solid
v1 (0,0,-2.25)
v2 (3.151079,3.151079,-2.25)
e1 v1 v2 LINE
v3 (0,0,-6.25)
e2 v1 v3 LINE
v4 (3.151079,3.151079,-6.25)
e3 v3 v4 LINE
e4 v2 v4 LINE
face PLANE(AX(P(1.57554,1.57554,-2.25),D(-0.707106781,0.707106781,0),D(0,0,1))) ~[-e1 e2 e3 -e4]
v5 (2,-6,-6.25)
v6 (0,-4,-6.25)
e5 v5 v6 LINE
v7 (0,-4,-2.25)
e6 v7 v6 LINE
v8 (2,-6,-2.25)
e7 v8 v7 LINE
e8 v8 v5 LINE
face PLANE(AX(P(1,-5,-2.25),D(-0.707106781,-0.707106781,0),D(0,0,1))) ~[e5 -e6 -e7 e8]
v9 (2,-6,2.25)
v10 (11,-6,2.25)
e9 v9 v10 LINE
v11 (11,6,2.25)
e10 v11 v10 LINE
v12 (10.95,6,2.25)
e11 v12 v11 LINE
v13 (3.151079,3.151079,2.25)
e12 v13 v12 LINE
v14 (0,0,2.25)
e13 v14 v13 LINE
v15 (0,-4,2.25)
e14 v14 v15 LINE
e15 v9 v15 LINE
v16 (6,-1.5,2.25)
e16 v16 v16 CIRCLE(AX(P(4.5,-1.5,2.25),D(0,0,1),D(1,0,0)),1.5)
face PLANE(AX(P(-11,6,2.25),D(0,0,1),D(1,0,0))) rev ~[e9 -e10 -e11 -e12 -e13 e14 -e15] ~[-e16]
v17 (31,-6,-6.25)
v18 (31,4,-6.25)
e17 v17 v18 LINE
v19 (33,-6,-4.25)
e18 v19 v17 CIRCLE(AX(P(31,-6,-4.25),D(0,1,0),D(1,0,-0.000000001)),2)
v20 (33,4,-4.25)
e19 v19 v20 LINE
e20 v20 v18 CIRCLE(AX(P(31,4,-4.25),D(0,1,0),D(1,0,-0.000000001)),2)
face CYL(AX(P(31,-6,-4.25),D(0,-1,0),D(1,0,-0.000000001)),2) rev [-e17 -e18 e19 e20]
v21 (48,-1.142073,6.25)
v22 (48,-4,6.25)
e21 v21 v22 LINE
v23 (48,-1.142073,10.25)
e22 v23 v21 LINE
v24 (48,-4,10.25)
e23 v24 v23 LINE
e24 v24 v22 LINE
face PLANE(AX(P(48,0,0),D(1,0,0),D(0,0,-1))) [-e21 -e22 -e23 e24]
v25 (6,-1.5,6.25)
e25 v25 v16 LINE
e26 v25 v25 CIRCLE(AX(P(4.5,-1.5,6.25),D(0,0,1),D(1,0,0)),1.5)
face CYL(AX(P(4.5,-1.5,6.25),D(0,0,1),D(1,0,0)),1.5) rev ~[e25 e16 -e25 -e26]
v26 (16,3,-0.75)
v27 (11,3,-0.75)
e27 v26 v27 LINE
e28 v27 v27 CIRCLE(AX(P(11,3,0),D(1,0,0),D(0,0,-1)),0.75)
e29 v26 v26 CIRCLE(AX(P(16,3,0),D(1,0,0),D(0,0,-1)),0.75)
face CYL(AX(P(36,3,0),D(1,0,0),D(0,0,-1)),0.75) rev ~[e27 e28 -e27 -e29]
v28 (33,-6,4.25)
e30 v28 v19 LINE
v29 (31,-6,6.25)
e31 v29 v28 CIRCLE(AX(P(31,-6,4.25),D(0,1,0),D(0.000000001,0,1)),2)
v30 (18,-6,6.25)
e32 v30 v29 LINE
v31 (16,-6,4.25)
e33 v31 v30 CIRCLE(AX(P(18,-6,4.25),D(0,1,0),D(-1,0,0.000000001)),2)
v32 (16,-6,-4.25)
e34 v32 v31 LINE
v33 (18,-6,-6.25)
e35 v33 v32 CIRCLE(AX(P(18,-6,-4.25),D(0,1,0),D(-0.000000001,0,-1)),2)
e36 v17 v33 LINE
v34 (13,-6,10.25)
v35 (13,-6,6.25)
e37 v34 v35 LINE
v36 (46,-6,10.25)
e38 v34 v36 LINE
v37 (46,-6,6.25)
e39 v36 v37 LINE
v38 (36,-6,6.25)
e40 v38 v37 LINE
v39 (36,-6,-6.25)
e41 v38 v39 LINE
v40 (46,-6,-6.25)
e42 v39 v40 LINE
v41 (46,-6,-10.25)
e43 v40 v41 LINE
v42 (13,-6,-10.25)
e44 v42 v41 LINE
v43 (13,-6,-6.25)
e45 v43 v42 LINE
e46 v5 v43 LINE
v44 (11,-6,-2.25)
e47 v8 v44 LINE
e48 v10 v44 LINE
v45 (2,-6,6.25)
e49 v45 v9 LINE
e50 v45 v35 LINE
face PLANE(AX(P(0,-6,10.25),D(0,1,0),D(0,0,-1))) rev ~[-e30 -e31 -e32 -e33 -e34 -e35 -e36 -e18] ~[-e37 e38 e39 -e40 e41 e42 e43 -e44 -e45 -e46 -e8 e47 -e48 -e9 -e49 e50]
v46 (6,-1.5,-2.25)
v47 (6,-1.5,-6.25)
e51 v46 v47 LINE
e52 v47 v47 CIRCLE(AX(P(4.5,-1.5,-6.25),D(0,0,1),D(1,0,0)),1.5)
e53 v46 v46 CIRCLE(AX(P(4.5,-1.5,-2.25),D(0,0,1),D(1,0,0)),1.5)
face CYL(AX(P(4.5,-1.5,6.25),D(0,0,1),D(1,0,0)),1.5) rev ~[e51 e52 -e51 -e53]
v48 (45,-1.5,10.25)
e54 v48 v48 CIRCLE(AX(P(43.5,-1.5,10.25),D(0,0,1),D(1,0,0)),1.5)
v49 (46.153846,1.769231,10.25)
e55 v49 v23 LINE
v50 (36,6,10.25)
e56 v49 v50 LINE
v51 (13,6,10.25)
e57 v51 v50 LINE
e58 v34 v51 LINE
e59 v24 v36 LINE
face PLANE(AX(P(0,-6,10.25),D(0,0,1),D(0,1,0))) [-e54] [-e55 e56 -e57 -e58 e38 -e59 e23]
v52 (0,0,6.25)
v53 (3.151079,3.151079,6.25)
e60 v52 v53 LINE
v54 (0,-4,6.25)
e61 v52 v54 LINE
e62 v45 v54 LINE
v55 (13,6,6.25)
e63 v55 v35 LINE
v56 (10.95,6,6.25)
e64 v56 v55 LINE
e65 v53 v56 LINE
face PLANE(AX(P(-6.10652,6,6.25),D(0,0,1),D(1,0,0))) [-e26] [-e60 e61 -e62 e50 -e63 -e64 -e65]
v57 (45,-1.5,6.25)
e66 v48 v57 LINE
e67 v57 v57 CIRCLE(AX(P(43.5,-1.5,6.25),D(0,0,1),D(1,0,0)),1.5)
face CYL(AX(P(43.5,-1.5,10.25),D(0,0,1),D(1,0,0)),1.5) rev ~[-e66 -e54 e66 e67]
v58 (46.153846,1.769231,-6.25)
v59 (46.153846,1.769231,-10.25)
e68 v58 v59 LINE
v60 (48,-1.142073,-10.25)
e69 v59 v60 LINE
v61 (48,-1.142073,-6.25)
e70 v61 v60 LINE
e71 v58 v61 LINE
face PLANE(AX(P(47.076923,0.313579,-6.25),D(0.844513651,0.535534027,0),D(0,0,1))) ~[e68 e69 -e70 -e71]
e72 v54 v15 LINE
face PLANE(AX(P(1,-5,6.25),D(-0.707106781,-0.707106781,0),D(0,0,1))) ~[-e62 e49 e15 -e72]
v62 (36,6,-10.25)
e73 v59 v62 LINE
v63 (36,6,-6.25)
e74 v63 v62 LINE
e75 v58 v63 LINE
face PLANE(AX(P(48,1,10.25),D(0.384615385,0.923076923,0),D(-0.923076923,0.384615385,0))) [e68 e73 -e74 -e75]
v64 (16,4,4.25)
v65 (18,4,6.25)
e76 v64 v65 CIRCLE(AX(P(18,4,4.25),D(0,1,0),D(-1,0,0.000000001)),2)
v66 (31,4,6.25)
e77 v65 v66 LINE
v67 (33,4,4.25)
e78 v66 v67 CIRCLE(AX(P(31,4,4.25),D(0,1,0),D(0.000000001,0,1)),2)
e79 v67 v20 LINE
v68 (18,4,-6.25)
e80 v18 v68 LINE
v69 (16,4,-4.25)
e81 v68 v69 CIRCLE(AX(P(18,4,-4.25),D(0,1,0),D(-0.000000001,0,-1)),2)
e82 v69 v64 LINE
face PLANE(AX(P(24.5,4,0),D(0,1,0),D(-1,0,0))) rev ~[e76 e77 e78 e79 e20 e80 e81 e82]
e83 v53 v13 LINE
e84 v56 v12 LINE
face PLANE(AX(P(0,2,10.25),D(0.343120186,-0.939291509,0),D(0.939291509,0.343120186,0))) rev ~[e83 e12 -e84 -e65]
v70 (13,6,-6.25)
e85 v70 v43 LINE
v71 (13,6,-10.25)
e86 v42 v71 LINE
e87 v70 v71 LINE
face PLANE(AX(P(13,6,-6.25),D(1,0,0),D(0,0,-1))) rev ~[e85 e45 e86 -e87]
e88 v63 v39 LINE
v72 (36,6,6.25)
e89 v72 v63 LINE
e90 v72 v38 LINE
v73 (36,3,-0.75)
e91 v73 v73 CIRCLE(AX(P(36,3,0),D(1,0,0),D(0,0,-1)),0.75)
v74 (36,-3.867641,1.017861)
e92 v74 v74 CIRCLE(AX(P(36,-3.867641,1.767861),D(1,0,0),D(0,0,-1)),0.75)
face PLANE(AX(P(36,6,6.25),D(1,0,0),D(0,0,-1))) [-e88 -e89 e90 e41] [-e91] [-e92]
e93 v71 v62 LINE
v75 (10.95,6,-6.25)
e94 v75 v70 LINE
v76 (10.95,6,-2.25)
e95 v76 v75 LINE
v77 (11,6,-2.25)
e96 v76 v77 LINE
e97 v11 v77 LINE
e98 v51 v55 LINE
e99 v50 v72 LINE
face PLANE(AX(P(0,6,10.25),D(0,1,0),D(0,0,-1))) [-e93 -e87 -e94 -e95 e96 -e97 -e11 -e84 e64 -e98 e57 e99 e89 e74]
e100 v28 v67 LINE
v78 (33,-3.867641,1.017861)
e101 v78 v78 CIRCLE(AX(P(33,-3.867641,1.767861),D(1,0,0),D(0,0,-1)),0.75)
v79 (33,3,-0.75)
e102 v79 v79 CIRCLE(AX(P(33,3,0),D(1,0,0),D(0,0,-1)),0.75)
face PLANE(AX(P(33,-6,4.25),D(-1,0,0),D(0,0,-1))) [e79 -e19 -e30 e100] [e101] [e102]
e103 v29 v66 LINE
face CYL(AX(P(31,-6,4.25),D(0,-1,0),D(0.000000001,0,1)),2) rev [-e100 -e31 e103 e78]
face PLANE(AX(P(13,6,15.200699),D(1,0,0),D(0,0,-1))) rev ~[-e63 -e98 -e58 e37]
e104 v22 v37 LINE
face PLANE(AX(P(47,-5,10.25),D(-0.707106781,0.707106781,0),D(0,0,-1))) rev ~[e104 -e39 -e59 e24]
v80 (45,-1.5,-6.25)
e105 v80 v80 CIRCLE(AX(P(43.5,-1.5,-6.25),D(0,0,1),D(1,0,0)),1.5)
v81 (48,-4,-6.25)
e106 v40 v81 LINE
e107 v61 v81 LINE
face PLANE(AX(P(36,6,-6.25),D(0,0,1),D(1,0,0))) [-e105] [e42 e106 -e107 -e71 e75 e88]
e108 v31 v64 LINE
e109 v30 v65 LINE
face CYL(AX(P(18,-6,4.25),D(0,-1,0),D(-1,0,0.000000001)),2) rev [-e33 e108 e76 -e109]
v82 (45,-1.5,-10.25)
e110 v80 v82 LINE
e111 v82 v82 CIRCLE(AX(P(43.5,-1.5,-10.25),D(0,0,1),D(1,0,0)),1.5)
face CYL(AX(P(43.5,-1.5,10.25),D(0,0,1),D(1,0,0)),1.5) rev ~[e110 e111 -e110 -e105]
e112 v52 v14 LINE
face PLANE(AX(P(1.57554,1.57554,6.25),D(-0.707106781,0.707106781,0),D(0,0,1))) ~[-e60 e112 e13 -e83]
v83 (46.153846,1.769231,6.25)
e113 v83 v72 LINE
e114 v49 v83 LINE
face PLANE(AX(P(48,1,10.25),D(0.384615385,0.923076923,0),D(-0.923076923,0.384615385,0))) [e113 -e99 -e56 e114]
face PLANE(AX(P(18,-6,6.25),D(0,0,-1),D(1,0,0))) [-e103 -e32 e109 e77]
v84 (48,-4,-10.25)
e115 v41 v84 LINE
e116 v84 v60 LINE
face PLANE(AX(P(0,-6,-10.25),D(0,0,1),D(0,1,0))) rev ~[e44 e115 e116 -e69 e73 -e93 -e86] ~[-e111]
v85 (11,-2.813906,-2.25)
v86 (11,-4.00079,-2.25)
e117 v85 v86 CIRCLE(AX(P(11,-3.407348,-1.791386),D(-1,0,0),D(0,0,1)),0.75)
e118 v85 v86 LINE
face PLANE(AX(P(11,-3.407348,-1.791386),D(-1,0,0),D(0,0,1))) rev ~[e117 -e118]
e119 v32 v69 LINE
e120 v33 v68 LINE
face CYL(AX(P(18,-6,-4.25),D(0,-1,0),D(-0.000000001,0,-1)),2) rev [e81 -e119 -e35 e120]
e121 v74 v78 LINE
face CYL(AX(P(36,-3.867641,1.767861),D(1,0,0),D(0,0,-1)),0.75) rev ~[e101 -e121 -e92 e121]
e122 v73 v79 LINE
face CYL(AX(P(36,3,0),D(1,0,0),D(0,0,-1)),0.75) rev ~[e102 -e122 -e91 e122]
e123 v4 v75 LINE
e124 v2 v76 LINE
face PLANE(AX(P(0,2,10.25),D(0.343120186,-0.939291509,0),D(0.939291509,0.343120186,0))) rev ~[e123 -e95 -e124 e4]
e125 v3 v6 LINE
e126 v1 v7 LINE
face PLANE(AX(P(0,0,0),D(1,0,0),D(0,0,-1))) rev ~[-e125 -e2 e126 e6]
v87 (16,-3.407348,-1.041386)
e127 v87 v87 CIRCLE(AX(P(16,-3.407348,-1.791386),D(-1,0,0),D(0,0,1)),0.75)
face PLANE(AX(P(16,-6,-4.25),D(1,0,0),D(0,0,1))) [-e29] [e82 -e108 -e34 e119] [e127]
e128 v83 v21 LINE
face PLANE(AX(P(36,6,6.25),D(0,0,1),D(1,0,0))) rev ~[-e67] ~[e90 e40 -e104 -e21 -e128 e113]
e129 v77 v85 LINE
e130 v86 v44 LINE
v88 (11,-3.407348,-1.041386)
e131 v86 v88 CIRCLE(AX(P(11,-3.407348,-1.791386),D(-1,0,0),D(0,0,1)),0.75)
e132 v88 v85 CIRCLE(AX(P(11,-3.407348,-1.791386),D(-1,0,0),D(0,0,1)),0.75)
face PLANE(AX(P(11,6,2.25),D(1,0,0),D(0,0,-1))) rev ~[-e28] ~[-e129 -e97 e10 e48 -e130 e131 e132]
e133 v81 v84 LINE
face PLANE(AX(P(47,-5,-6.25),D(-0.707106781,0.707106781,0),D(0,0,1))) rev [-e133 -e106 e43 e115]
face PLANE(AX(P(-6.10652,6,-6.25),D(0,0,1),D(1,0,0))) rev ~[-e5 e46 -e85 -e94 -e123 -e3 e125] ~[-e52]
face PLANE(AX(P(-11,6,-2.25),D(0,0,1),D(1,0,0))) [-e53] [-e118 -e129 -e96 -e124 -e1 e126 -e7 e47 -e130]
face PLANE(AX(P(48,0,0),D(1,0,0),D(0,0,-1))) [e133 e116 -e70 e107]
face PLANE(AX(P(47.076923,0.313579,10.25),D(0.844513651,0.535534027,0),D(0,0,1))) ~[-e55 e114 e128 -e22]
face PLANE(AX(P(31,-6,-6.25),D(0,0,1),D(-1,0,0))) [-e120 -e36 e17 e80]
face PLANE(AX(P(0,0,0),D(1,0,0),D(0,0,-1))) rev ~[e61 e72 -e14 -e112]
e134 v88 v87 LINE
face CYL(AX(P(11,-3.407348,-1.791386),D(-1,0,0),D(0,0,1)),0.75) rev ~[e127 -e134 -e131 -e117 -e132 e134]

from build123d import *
from OCP.BRepFilletAPI import BRepFilletAPI_MakeChamfer

# Parameters (mm, degrees)
SKETCH_2_W            = 20.5
SKETCH_2_H            = 12
EXTRUDE_1_DEPTH       = 48
SKETCH_3_W            = 22
SKETCH_3_H            = 4.5
CUT_EXTRUDE_1_DEPTH   = 51.527838861
SKETCH_5_W            = 12
SKETCH_5_H            = 12.5
CUT_EXTRUDE_2_DEPTH   = 51.527838861
SKETCH_7_R            = 0.75
CUT_EXTRUDE_3_DEPTH   = 38.908607202
SKETCH_10_W           = 19.106520138
SKETCH_10_H           = 8.950699496
CUT_EXTRUDE_3_2_DEPTH = 51.527838861
SKETCH_11_R           = 1.5
CUT_EXTRUDE_6_DEPTH   = 52.110175112
SKETCH_9_R            = 1.5
CUT_EXTRUDE_5_DEPTH   = 53.538081427
SKETCH_12_R           = 0.75
CUT_EXTRUDE_4_DEPTH   = 12
CUT_EXTRUDE_7_DEPTH   = 53.538081427
CHAMFER_5_SIZE        = 2
CHAMFER_5_SIZE2       = 3.354740363
CHAMFER_6_SIZE        = 2
CHAMFER_6_SIZE2       = 2.1420728
SKETCH_14_R           = 0.75
CUT_EXTRUDE_5_2_DEPTH = 5
CUT_EXTRUDE_8_DEPTH   = 10


with BuildPart() as part:
    # Эскиз2 → Вытянуть1 (new body)
    with BuildSketch(Plane(origin=(0, 0, 0), x_dir=(0, 0, -1), z_dir=(1, 0, 0))):
        Rectangle(SKETCH_2_W, SKETCH_2_H)
    extrude(amount=EXTRUDE_1_DEPTH)

    # Эскиз3 → Вырез-Вытянуть1 (cut, through all)
    with BuildSketch(Plane(origin=(0, 6, 0), x_dir=(1, 0, 0), z_dir=(0, 1, 0))):
        Rectangle(SKETCH_3_W, SKETCH_3_H)
    extrude(amount=-CUT_EXTRUDE_1_DEPTH, mode=Mode.SUBTRACT)

    # Эскиз5 → Вырез-Вытянуть2 (cut, through all)
    with BuildSketch(Plane(origin=(0, 6, 0), x_dir=(1, 0, 0), z_dir=(0, 1, 0))):
        with Locations((42, 0)):
            Rectangle(SKETCH_5_W, SKETCH_5_H)
    extrude(amount=-CUT_EXTRUDE_2_DEPTH, mode=Mode.SUBTRACT)

    # Эскиз7 → Cut-Extrude 3 (cut, through all)
    with BuildSketch(Plane(origin=(36, 0, 0), x_dir=(0, 0, -1), z_dir=(1, 0, 0))):
        with Locations((0, 3)):
            Circle(SKETCH_7_R)
    extrude(amount=-CUT_EXTRUDE_3_DEPTH, mode=Mode.SUBTRACT)

    # Эскиз10 → Cut-Extrude 3 2 (cut, through all)
    with BuildSketch(Plane(origin=(0, 6, 0), x_dir=(1, 0, 0), z_dir=(0, 1, 0))):
        with Locations((3.446739931, 10.725349748)):
            Rectangle(SKETCH_10_W, SKETCH_10_H)
        with Locations((3.446739931, -10.725349748)):
            Rectangle(SKETCH_10_W, SKETCH_10_H)
    extrude(amount=-CUT_EXTRUDE_3_2_DEPTH, mode=Mode.SUBTRACT)

    # Эскиз11 → Вытянуть6 (cut, through all)
    with BuildSketch(Plane.XY.offset(6.25)):
        with Locations((4.5, -1.5)):
            Circle(SKETCH_11_R)
    extrude(amount=-CUT_EXTRUDE_6_DEPTH, mode=Mode.SUBTRACT)

    # Эскиз9 → Cut-Extrude 5 (cut, through all)
    with BuildSketch(Plane.XY.offset(10.25)):
        with Locations((43.5, -1.5)):
            Circle(SKETCH_9_R)
    extrude(amount=-CUT_EXTRUDE_5_DEPTH, mode=Mode.SUBTRACT)

    # Эскиз12 → Вырез-Вытянуть4 (cut)
    with BuildSketch(Plane.ZY.offset(-11)):
        with Locations((-1.791386219, -3.407348241)):
            Circle(SKETCH_12_R)
    extrude(amount=-CUT_EXTRUDE_4_DEPTH, mode=Mode.SUBTRACT)

    # Эскиз13 → Вытянуть7 (cut, through all)
    with BuildSketch(Plane.XY.offset(10.25)):
        Polygon((10.95, 6), (0, 6), (0, 2), align=None)
        Polygon((48, 6), (48, 1), (36, 6), align=None)
    extrude(amount=-CUT_EXTRUDE_7_DEPTH, mode=Mode.SUBTRACT)

    # Фаска5: one chamfer whose edges measure the first distance from different faces: ONE call of the kernel's chamfer builder (chamfer() names one face for all edges)
    chamfer_5_edges_1 = [part.edges().sort_by_distance(p)[0] for p in [
        (0, -6, 4.25),
        (0, -6, -4.25),
        (48, -6, -8.25),
        (48, -6, 8.25),
    ]]
    chamfer_5_edges_2 = [part.edges().sort_by_distance(p)[0] for p in [
        (0, 2, 4.25),
    ]]
    chamfer_5_side_2 = [part.faces().sort_by_distance(p)[0] for p in [
        (0, -2, 4.25),
    ]]
    chamfer_5_edges_3 = [part.edges().sort_by_distance(p)[0] for p in [
        (0, 2, -4.25),
    ]]
    chamfer_5_side_3 = [part.faces().sort_by_distance(p)[0] for p in [
        (0, -2, -4.25),
    ]]
    chamfer_5 = BRepFilletAPI_MakeChamfer(part.part.solid().wrapped)
    for e in chamfer_5_edges_1:
        chamfer_5.Add(CHAMFER_5_SIZE, e.wrapped)
    for e in chamfer_5_edges_2:
        chamfer_5.Add(CHAMFER_5_SIZE, CHAMFER_5_SIZE2, e.wrapped, chamfer_5_side_2[0].wrapped)  # the first distance lies on this face
    for e in chamfer_5_edges_3:
        chamfer_5.Add(CHAMFER_5_SIZE, CHAMFER_5_SIZE2, e.wrapped, chamfer_5_side_3[0].wrapped)  # the first distance lies on this face
    add(Compound.cast(chamfer_5.Shape()), mode=Mode.REPLACE)

    # Фаска6: one chamfer whose edges measure the first distance from different faces: ONE call of the kernel's chamfer builder (chamfer() names one face for all edges)
    chamfer_6_edges_1 = [part.edges().sort_by_distance(p)[0] for p in [
        (48, 1, -8.25),
    ]]
    chamfer_6_side_1 = [part.faces().sort_by_distance(p)[0] for p in [
        (42, 3.5, -8.25),
    ]]
    chamfer_6_edges_2 = [part.edges().sort_by_distance(p)[0] for p in [
        (48, 1, 8.25),
    ]]
    chamfer_6_side_2 = [part.faces().sort_by_distance(p)[0] for p in [
        (42, 3.5, 8.25),
    ]]
    chamfer_6 = BRepFilletAPI_MakeChamfer(part.part.solid().wrapped)
    for e in chamfer_6_edges_1:
        chamfer_6.Add(CHAMFER_6_SIZE, CHAMFER_6_SIZE2, e.wrapped, chamfer_6_side_1[0].wrapped)  # the first distance lies on this face
    for e in chamfer_6_edges_2:
        chamfer_6.Add(CHAMFER_6_SIZE, CHAMFER_6_SIZE2, e.wrapped, chamfer_6_side_2[0].wrapped)  # the first distance lies on this face
    add(Compound.cast(chamfer_6.Shape()), mode=Mode.REPLACE)

    # Эскиз14 → Cut-Extrude 5 2 (cut)
    with BuildSketch(Plane(origin=(36, 0, 0), x_dir=(0, 0, -1), z_dir=(1, 0, 0))):
        with Locations((-1.767861063, -3.867641423)):
            Circle(SKETCH_14_R)
    extrude(amount=-CUT_EXTRUDE_5_2_DEPTH, mode=Mode.SUBTRACT)

    # Эскиз15 → Вытянуть8 (cut)
    with BuildSketch(Plane.XZ.offset(6)):
        with BuildLine():
            Line((18, 6.25), (31, 6.25))
            ThreePointArc((31, 6.25), (32.414213562, 5.664213562), (33, 4.25))
            Line((33, 4.25), (33, -4.25))
            ThreePointArc((33, -4.25), (32.414213562, -5.664213562), (31, -6.25))
            Line((31, -6.25), (18, -6.25))
            ThreePointArc((18, -6.25), (16.585786438, -5.664213562), (16, -4.25))
            Line((16, -4.25), (16, 4.25))
            ThreePointArc((16, 4.25), (16.585786438, 5.664213562), (18, 6.25))
        make_face()
    extrude(amount=-CUT_EXTRUDE_8_DEPTH, mode=Mode.SUBTRACT)


solid = part.part
